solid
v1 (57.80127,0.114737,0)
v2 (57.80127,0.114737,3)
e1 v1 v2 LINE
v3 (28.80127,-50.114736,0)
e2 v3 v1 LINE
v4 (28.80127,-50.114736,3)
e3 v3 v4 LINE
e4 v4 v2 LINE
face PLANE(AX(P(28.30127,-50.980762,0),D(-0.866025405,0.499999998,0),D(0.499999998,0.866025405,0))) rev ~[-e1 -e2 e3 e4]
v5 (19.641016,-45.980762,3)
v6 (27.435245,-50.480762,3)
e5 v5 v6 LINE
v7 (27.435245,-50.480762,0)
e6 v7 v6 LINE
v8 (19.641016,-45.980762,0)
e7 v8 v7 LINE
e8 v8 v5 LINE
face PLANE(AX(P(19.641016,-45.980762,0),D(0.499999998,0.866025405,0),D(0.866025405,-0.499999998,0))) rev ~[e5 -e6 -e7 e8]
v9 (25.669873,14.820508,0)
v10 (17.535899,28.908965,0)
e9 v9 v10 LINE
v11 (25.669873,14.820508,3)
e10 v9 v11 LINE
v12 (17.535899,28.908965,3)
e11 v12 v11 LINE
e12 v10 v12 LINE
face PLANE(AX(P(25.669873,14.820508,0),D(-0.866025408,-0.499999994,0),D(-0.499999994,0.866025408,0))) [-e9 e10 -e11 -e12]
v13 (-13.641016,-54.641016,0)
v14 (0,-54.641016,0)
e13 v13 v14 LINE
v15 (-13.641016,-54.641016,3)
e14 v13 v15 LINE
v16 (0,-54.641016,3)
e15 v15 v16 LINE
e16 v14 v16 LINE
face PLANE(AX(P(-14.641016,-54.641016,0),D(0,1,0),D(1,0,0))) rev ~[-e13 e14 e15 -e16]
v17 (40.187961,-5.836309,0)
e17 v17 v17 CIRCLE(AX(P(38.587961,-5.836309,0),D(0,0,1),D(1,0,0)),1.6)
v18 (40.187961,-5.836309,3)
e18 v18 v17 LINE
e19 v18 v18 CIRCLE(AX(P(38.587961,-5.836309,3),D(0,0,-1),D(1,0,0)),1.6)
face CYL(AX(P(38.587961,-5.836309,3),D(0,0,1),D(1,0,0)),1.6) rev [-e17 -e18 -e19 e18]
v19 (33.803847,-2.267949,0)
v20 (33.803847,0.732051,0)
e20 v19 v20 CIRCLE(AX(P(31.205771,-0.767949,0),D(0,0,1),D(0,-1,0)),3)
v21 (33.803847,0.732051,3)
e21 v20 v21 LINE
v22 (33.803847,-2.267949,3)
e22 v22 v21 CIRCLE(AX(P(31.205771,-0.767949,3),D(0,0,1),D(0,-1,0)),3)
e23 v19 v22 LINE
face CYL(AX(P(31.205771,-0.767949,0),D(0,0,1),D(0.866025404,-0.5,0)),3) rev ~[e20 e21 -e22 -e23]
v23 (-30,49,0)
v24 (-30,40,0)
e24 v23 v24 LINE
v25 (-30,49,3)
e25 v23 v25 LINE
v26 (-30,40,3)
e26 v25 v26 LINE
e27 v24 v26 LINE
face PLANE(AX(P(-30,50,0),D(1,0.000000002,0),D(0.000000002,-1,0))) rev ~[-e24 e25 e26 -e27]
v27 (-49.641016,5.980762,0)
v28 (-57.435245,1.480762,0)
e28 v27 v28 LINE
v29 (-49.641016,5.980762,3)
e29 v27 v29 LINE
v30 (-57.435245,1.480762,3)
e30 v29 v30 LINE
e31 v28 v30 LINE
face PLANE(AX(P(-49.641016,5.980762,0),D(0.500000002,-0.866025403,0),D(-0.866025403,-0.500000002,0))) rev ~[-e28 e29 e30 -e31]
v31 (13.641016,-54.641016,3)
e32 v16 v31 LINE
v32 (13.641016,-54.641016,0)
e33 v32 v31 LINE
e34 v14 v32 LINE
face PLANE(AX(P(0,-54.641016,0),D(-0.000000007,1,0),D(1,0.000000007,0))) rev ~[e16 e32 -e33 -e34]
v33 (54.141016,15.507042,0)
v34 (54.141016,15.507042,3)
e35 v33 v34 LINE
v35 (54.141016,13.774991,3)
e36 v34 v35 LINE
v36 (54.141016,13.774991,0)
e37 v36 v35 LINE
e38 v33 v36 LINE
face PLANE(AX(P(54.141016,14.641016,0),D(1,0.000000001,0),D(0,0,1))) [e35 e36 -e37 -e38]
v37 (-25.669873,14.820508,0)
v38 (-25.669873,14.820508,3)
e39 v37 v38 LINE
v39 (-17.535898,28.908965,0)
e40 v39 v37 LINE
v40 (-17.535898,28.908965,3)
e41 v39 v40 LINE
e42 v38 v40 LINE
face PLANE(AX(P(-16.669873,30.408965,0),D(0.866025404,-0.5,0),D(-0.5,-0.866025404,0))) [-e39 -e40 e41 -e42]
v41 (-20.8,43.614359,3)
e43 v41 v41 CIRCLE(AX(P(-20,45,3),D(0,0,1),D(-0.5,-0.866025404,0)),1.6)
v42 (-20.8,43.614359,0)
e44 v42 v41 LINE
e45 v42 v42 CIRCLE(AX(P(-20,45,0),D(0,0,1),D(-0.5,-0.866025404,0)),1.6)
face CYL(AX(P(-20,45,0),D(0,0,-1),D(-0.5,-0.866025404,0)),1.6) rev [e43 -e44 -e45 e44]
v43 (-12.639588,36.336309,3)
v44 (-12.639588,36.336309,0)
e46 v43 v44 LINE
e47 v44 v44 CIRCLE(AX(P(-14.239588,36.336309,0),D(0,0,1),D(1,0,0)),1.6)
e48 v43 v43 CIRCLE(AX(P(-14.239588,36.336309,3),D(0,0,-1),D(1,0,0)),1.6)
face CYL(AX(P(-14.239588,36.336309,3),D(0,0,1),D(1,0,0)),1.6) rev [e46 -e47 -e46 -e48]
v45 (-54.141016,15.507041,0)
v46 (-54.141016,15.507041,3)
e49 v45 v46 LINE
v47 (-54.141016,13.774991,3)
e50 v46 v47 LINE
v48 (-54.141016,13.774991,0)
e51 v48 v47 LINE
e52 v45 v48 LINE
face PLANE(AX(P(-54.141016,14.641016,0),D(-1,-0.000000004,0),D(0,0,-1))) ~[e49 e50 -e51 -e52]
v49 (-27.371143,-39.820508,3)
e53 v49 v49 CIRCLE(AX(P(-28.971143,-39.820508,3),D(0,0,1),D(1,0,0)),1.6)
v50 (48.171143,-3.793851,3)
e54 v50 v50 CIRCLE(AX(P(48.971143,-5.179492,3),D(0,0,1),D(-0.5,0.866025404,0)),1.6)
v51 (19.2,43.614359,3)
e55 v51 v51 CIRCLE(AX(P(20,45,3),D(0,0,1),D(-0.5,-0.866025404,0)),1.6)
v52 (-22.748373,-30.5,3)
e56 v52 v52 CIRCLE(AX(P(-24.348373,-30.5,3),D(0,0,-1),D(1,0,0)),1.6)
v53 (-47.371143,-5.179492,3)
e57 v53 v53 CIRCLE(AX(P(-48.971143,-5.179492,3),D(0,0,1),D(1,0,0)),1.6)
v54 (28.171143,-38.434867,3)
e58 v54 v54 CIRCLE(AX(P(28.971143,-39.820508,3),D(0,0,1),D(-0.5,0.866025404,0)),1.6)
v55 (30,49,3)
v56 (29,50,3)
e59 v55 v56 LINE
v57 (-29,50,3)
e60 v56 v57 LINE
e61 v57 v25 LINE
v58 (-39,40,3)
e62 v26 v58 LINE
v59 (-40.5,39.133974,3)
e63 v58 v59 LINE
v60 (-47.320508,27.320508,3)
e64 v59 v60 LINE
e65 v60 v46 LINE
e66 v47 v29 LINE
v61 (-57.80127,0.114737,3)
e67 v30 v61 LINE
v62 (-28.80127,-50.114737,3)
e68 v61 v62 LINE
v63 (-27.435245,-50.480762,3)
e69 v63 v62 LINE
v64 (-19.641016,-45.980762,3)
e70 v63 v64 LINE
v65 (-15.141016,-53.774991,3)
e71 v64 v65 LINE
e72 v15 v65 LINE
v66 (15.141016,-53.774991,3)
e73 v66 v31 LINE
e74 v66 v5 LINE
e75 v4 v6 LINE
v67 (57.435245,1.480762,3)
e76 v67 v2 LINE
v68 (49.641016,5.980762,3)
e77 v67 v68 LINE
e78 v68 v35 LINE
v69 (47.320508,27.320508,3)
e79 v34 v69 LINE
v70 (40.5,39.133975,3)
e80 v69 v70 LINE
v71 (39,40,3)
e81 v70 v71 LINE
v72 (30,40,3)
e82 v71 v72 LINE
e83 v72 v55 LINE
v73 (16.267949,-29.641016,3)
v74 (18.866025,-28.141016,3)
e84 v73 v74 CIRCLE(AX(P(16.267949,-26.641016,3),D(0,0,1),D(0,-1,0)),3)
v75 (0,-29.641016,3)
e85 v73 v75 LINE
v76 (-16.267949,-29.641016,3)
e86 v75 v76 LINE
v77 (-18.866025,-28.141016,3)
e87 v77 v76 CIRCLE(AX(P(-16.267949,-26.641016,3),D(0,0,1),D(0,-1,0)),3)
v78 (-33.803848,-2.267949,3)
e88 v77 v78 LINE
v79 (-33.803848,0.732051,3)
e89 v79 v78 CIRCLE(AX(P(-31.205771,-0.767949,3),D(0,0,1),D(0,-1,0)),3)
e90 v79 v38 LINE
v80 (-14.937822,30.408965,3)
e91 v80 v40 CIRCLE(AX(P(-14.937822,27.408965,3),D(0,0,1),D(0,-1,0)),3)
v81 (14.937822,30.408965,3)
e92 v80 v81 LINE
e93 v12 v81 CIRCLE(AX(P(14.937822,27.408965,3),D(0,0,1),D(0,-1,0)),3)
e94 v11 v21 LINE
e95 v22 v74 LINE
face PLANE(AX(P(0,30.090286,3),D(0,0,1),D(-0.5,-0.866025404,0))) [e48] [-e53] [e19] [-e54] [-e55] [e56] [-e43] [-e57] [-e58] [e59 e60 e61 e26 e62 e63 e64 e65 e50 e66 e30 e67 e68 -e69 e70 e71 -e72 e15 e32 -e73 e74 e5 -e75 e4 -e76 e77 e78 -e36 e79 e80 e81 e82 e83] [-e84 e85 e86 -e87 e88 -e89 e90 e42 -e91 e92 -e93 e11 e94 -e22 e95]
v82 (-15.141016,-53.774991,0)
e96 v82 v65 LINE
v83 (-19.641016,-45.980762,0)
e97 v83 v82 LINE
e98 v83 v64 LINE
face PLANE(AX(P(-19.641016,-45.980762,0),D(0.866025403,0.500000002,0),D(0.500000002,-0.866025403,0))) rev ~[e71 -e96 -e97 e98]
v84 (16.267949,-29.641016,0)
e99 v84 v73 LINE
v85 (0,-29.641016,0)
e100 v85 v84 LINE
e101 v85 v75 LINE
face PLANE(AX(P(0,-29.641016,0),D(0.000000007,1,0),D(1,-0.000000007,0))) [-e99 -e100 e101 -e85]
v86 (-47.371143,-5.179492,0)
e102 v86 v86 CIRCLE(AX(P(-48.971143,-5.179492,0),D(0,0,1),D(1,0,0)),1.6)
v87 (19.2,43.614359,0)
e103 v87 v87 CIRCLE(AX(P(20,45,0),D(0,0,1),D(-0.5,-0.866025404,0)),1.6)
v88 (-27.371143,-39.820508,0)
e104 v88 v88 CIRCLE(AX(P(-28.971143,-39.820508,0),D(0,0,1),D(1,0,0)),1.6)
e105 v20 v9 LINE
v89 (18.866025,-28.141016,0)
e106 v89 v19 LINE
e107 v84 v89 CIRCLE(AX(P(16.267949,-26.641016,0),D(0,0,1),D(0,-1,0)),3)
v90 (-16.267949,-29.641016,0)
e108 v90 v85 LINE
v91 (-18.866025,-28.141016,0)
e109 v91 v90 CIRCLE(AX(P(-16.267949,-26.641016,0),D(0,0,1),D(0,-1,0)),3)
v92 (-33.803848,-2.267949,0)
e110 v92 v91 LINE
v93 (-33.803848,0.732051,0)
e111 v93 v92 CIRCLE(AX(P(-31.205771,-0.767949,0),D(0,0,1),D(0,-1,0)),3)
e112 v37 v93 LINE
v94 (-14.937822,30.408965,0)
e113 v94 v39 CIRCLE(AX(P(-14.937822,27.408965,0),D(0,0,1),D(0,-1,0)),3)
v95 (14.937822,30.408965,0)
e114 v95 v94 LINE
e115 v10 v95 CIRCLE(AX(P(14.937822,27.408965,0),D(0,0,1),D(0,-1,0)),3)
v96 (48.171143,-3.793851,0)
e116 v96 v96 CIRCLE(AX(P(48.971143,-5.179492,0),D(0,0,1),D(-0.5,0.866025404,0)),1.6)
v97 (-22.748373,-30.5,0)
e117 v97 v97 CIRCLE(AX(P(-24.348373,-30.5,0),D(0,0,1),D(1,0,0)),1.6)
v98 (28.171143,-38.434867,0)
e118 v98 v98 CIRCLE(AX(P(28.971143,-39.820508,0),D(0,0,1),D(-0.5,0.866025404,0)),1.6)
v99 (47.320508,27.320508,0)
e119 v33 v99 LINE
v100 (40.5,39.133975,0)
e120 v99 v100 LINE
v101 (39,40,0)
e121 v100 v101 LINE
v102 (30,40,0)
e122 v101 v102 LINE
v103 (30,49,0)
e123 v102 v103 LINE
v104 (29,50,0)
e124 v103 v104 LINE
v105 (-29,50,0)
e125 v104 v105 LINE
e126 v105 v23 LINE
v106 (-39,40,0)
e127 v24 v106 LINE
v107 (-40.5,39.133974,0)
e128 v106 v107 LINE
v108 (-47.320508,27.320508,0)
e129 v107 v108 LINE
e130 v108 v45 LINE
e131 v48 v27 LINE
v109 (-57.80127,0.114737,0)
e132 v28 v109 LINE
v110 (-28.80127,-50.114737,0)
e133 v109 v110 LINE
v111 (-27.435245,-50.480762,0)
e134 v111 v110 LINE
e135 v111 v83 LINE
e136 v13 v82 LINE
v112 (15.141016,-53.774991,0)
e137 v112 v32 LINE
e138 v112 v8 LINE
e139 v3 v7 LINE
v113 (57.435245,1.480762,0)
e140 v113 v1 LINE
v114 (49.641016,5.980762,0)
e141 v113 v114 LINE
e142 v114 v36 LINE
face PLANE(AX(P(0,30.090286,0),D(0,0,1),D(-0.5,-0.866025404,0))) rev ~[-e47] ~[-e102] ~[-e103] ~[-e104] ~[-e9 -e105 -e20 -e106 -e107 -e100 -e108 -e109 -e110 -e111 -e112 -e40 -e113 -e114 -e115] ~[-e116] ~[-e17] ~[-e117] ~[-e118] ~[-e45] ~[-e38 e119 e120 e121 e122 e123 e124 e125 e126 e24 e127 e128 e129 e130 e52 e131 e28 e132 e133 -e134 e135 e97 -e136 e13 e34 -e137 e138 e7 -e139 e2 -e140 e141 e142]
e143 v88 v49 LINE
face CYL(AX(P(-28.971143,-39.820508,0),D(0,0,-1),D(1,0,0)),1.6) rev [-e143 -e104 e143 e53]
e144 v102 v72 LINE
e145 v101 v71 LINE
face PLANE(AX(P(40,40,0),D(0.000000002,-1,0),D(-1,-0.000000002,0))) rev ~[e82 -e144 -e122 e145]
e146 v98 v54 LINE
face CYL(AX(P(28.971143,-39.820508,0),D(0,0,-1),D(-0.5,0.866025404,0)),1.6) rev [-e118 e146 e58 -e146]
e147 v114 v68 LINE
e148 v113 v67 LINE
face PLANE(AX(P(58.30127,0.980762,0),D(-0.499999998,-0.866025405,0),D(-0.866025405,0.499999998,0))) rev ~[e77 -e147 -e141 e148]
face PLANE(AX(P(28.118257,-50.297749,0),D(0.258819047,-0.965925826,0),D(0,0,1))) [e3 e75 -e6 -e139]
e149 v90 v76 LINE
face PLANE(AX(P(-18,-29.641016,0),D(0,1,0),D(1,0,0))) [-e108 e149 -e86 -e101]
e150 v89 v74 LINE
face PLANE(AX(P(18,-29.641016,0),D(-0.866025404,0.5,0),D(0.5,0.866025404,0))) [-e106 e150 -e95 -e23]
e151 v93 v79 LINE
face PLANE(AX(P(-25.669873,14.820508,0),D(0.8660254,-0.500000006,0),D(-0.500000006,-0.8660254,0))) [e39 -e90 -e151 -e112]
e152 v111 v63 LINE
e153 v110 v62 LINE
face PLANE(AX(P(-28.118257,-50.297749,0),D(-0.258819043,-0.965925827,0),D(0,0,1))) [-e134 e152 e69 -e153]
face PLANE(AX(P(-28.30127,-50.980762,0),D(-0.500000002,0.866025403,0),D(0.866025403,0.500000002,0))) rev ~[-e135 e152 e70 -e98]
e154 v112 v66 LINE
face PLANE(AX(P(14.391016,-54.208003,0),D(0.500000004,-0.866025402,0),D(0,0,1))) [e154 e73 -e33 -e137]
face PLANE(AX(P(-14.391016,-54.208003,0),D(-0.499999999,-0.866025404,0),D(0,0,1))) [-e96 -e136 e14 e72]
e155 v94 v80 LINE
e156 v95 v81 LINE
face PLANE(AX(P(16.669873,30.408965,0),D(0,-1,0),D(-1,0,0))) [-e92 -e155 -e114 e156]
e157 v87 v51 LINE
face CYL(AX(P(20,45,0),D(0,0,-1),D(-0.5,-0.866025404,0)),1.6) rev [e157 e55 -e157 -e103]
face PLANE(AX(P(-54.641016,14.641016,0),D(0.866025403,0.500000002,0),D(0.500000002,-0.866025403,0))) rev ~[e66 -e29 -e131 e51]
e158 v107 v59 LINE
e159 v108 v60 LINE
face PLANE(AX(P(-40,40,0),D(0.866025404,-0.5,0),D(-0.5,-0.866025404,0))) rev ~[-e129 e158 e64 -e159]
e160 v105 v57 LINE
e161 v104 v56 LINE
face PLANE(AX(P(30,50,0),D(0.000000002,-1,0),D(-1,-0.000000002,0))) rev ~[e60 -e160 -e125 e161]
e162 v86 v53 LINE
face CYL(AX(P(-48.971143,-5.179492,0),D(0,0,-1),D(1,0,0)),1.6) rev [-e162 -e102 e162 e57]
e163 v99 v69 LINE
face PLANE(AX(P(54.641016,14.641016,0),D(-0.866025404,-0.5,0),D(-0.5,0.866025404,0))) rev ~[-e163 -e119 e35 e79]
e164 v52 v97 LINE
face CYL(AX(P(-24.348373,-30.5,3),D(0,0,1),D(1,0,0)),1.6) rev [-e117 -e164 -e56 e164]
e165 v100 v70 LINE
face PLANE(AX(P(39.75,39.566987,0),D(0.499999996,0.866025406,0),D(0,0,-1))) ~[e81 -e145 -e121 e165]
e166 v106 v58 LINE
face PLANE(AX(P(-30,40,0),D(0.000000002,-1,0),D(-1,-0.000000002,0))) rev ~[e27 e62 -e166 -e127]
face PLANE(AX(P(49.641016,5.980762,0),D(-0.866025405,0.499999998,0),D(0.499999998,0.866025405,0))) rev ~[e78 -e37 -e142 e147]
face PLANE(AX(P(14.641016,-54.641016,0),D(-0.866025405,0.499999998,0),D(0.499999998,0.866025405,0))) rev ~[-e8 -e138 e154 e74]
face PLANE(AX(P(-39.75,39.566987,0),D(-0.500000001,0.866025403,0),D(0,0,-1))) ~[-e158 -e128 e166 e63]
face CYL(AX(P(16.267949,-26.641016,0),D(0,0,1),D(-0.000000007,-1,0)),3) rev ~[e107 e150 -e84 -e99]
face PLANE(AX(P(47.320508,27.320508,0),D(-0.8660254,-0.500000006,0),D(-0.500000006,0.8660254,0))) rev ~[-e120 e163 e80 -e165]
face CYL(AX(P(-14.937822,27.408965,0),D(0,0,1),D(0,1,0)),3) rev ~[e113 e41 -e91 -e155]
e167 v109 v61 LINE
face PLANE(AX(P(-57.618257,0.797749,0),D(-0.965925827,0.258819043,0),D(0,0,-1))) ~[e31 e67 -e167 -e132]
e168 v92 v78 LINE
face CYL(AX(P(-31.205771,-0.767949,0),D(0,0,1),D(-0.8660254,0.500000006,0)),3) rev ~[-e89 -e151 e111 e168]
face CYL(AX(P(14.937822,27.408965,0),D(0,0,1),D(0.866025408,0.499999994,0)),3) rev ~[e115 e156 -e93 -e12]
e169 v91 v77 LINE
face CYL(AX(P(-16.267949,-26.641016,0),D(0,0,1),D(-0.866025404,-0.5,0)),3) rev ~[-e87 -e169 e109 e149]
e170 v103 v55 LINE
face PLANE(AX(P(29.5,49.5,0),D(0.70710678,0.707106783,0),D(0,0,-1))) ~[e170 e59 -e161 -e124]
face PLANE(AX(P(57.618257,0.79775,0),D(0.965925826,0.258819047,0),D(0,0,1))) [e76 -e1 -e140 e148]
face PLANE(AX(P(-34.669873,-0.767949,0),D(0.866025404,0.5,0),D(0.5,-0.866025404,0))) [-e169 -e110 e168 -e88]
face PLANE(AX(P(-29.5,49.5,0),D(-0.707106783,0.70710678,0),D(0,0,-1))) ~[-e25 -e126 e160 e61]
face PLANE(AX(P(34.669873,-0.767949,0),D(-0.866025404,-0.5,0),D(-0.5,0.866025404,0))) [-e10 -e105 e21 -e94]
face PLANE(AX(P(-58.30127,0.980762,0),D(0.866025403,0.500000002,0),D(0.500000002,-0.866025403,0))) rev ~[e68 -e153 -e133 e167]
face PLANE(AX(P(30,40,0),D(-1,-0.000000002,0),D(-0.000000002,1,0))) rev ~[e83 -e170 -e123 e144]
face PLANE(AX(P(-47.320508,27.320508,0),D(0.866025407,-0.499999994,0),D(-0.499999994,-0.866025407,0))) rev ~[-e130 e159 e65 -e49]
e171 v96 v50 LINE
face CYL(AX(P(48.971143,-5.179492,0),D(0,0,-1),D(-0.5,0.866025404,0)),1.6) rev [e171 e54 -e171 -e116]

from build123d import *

# Parameters (mm, degrees)
SKETCH_R              = 1.6
PAD_DEPTH             = 3
POLARPATTERN_COUNT    = 3
POCKET_DEPTH          = 316.40103
POLARPATTERN001_COUNT = 3
CHAMFER_SIZE          = 1
FILLET_R              = 3
SKETCH066_R           = 1.6
POCKET032_DEPTH       = 3.001


with BuildPart() as part:
    # Sketch → Pad (new body)
    with BuildSketch(Plane.XY):
        Polygon((0, 0), (-47.320508, 27.320508), (-54.641016, 14.641016), (-49.641016, 5.980762), (-58.30127, 0.980762), (-28.30127, -50.980762), (-19.641016, -45.980762), (-14.641016, -54.641016), (0, -54.641016), align=None)
        with Locations((-48.971143, -5.179492)):
            Circle(SKETCH_R, mode=Mode.SUBTRACT)
        with Locations((-28.971143, -39.820508)):
            Circle(SKETCH_R, mode=Mode.SUBTRACT)
    pad = extrude(amount=PAD_DEPTH)

    # PolarPattern: Pad ×3 about axis
    polarpattern_axis = Axis((0, 0, 0), (0, 0, 1))
    for i in range(1, POLARPATTERN_COUNT):
        add(pad.rotate(polarpattern_axis, i * 360 / POLARPATTERN_COUNT))

    # Sketch001 → Pocket (cut, through all)
    with BuildSketch(Plane.XY):
        Polygon((-25.669873, 14.820508), (-34.669873, -0.767949), (-18, -29.641016), (0, -29.641016), (0, 0), align=None)
    pocket = extrude(amount=POCKET_DEPTH, mode=Mode.SUBTRACT)

    # PolarPattern001: Pocket ×3 about axis
    polarpattern001_axis = Axis((0, 0, 0), (0, 0, 1))
    for i in range(1, POLARPATTERN001_COUNT):
        add(pocket.rotate(polarpattern001_axis, i * 360 / POLARPATTERN001_COUNT), mode=Mode.SUBTRACT)

    # Chamfer
    chamfer_edges = [part.edges().sort_by_distance(p)[0] for p in [
        (-54.641016, 14.641016, 1.5),
        (-40, 40, 1.5),
        (-30, 50, 1.5),
        (30, 50, 1.5),
        (40, 40, 1.5),
        (54.641016, 14.641016, 1.5),
        (58.30127, 0.980762, 1.5),
        (28.30127, -50.980762, 1.5),
        (14.641016, -54.641016, 1.5),
        (-14.641016, -54.641016, 1.5),
        (-28.30127, -50.980762, 1.5),
        (-58.30127, 0.980762, 1.5),
    ]]
    chamfer(chamfer_edges, length=CHAMFER_SIZE)

    # Fillet
    fillet_edges = [part.edges().sort_by_distance(p)[0] for p in [
        (-16.669873, 30.408965, 1.5),
        (18, -29.641016, 1.5),
        (-18, -29.641016, 1.5),
        (34.669873, -0.767949, 1.5),
        (16.669873, 30.408965, 1.5),
        (-34.669873, -0.767949, 1.5),
    ]]
    fillet(fillet_edges, radius=FILLET_R)

    # Sketch066 (on Binder) → Pocket032 (cut, through all)
    with BuildSketch(Plane(origin=(0, 0, 3), x_dir=(1, 0, 0), z_dir=(0, 0, -1))):
        with Locations((-24.348373, 30.5)):
            Circle(SKETCH066_R)
        with Locations((38.587961, 5.836309)):
            Circle(SKETCH066_R)
        with Locations((-14.239588, -36.336309)):
            Circle(SKETCH066_R)
    extrude(amount=POCKET032_DEPTH, mode=Mode.SUBTRACT)


solid = part.part
